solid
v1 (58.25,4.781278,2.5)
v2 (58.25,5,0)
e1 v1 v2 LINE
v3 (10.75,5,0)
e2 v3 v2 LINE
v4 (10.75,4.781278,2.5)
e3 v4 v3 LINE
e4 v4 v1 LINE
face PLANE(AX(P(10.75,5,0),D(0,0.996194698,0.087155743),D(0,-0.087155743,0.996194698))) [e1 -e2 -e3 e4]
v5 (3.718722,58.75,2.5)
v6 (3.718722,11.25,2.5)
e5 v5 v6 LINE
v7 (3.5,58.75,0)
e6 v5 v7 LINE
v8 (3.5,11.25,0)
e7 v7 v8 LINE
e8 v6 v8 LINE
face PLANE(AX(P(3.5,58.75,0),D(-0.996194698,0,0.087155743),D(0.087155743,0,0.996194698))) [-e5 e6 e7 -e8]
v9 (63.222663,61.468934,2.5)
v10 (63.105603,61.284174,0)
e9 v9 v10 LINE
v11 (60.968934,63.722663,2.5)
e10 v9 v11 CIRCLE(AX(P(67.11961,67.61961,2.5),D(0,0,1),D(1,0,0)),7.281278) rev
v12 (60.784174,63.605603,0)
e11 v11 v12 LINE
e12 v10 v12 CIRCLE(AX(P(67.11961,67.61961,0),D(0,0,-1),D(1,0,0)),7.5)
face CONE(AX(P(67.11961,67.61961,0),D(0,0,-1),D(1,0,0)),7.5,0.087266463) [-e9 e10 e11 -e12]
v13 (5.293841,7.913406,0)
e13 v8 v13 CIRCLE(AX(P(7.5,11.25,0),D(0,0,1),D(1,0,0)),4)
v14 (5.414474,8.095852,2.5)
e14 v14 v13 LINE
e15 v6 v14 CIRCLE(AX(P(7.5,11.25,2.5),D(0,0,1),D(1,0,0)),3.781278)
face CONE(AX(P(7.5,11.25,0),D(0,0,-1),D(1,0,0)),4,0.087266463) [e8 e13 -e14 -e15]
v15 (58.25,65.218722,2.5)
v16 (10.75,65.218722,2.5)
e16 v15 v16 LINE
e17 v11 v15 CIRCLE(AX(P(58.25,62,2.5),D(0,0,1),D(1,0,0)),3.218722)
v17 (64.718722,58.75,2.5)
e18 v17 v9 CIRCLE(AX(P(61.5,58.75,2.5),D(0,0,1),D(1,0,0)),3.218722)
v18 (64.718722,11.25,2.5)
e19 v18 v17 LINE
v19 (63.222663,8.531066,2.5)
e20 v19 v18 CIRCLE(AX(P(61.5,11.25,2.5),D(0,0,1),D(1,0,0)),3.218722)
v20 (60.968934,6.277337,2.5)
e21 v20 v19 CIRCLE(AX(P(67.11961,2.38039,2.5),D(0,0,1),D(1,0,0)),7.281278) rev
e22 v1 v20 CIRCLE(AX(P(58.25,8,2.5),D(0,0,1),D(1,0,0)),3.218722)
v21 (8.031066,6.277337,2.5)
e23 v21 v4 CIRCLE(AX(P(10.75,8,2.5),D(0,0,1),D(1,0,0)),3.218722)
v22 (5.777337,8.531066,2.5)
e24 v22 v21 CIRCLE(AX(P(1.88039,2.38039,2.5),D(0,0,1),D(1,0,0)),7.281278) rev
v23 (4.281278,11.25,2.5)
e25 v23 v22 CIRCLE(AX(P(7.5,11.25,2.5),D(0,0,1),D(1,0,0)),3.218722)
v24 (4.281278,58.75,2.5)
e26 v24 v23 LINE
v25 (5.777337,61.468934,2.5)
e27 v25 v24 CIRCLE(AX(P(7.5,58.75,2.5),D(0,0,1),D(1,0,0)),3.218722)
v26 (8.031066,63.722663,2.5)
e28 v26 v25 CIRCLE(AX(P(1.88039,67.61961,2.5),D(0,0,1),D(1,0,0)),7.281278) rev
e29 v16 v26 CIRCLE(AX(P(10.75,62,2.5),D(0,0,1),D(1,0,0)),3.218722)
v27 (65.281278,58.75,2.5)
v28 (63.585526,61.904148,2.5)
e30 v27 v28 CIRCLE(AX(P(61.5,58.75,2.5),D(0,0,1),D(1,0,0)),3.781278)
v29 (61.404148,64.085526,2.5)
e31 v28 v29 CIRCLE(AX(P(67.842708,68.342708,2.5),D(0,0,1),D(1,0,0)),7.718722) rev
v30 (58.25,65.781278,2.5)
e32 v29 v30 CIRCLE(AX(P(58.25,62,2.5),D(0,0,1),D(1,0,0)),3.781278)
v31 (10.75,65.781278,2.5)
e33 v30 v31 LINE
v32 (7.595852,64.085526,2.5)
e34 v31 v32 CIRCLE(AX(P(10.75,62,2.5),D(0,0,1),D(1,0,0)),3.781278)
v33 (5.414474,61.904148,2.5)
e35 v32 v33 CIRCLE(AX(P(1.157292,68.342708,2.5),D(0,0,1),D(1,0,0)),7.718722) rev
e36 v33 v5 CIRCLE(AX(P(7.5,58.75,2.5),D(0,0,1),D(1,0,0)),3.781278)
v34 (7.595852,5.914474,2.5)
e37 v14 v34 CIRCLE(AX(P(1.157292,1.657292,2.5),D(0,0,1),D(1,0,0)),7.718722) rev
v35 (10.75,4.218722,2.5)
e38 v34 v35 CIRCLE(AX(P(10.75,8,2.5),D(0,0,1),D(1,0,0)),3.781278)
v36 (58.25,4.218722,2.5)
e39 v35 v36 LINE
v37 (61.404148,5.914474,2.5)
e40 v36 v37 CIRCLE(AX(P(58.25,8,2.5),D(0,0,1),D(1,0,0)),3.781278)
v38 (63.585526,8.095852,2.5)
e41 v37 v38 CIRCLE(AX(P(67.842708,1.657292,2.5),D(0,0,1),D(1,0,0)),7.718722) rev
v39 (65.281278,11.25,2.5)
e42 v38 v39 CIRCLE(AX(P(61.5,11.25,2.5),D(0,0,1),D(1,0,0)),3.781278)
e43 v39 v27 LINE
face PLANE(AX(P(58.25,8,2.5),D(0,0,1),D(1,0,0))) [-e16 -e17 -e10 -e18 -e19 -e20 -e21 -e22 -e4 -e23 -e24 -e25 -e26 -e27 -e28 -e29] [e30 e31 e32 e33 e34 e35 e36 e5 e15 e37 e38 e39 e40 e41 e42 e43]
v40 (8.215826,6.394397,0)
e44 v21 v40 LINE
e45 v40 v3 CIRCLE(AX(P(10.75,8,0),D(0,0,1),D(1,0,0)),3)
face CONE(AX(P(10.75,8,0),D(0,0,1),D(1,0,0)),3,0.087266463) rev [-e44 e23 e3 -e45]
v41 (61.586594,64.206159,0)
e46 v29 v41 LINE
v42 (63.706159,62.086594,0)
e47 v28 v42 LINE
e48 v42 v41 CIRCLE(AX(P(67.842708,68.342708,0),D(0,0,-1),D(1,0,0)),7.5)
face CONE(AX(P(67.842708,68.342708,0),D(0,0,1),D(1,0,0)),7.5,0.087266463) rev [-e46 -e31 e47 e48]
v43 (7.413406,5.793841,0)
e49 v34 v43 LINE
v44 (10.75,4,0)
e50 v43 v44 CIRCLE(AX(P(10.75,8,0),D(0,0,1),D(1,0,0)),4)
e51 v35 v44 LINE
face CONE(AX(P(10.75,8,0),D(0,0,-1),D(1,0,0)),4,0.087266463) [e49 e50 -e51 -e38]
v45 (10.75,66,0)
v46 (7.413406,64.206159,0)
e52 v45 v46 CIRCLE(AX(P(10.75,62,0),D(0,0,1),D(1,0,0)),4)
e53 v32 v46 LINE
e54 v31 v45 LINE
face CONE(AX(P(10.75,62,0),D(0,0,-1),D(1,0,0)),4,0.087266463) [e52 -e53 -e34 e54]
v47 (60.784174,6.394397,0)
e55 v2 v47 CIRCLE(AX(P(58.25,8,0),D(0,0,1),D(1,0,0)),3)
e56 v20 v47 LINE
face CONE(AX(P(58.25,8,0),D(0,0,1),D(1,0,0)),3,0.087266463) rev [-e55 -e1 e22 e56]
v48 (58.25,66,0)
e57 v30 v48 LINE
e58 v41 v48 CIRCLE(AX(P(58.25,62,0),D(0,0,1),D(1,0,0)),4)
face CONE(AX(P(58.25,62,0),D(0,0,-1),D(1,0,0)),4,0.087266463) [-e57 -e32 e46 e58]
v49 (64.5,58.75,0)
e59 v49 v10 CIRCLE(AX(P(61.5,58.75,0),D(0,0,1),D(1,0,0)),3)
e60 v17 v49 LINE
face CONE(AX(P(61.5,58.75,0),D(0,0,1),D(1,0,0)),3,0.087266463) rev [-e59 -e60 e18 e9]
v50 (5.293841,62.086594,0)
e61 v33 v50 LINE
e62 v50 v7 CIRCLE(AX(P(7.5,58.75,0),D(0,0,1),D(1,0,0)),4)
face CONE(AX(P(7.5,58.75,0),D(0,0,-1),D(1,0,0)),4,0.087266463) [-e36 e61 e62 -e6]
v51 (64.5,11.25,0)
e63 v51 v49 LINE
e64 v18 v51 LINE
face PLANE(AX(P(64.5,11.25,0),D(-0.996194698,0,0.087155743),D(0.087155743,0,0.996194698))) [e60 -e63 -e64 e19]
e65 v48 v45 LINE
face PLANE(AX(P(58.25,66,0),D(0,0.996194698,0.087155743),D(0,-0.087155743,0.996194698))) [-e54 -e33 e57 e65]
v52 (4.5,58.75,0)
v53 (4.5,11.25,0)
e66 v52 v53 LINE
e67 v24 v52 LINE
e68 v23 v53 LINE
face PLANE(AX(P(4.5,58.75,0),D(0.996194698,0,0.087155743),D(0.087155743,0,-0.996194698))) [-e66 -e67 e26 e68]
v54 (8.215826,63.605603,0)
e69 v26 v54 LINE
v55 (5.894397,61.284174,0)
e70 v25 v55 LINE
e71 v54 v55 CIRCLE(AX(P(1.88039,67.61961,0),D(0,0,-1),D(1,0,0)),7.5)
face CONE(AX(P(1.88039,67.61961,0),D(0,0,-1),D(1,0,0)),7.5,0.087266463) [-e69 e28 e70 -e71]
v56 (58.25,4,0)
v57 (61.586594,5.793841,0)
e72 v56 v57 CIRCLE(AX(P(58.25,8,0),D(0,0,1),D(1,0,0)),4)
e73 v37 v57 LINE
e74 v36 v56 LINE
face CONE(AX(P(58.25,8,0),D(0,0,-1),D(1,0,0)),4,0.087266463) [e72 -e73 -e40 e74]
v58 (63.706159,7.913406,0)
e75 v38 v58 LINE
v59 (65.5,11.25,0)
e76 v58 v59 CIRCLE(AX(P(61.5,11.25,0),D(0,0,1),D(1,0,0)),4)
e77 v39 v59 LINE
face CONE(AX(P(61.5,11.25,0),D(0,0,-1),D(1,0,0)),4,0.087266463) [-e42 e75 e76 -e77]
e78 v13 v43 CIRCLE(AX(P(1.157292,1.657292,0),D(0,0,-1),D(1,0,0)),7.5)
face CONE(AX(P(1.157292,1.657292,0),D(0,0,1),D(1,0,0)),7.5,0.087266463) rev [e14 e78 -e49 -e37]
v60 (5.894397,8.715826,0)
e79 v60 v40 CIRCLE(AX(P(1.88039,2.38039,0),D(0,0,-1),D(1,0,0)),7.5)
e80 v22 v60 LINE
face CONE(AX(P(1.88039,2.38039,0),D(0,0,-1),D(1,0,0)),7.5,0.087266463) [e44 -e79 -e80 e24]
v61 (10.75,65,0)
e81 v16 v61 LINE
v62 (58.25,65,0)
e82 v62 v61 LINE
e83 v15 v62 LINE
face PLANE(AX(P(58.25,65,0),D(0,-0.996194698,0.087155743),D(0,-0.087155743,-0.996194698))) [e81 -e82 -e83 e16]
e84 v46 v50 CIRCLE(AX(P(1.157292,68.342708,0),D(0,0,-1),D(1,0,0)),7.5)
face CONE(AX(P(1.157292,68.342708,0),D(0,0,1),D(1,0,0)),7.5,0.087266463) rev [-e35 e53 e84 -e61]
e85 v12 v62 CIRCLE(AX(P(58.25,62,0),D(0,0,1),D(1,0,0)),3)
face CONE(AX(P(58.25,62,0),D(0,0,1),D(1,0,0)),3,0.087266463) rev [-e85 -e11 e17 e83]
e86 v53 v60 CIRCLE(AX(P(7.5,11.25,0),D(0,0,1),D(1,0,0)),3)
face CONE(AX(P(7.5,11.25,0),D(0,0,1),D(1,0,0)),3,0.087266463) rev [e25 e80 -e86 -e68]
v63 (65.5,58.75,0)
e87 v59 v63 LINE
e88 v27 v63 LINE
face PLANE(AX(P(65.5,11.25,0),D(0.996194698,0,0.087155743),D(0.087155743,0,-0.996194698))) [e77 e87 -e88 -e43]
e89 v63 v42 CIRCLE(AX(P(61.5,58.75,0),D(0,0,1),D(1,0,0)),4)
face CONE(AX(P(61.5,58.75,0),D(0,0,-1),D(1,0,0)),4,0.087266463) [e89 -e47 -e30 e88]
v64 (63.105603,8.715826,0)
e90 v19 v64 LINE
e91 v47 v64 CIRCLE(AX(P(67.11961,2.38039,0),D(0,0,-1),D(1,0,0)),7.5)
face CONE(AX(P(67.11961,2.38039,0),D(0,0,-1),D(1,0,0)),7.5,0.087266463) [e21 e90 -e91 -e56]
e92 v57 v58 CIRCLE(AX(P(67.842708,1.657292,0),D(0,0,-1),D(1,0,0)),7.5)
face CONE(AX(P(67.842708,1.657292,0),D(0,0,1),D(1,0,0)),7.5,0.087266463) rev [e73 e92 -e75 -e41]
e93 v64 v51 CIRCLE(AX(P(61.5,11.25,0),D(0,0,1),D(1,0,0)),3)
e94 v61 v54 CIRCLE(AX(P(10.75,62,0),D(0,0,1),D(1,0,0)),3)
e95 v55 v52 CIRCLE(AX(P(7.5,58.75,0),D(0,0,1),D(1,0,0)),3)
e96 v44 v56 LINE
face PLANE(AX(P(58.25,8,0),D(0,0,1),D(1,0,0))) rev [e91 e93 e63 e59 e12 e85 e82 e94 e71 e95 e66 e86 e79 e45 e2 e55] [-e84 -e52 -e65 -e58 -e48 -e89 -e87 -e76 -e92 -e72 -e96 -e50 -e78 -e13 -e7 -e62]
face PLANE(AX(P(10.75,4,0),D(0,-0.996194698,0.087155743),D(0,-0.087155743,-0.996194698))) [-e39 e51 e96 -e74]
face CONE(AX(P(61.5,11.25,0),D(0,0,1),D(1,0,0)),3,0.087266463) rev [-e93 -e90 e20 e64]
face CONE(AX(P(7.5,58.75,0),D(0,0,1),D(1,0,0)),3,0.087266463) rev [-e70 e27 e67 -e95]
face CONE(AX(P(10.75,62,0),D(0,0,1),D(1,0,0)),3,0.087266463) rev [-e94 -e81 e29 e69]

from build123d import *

# Parameters (mm, degrees)
BOSS_EXTRUDE1_DEPTH = 2.5
BOSS_EXTRUDE1_DRAFT = 5


with BuildPart() as part:
    # Sketch1 → Boss-Extrude1 (with draft: the straight prism first)
    with BuildSketch(Plane.XY):
        with BuildLine():
            Line((65.5, 11.25), (65.5, 58.75))
            ThreePointArc((65.5, 58.75), (65.023112089, 60.644117527), (63.706159397, 62.086594179))
            ThreePointArc((63.706159397, 62.086594179), (62.539407406, 63.039407406), (61.586594179, 64.206159397))
            ThreePointArc((61.586594179, 64.206159397), (60.144117527, 65.523112089), (58.25, 66))
            Line((58.25, 66), (10.75, 66))
            ThreePointArc((10.75, 66), (8.855882473, 65.523112089), (7.413405821, 64.206159397))
            ThreePointArc((7.413405821, 64.206159397), (6.460592594, 63.039407406), (5.293840603, 62.086594179))
            ThreePointArc((5.293840603, 62.086594179), (3.976887911, 60.644117527), (3.5, 58.75))
            Line((3.5, 58.75), (3.5, 11.25))
            ThreePointArc((3.5, 11.25), (3.976887911, 9.355882473), (5.293840603, 7.913405821))
            ThreePointArc((5.293840603, 7.913405821), (6.460592594, 6.960592594), (7.413405821, 5.793840603))
            ThreePointArc((7.413405821, 5.793840603), (8.855882473, 4.476887911), (10.75, 4))
            Line((10.75, 4), (58.25, 4))
            ThreePointArc((58.25, 4), (60.144117527, 4.476887911), (61.586594179, 5.793840603))
            ThreePointArc((61.586594179, 5.793840603), (62.539407406, 6.960592594), (63.706159397, 7.913405821))
            ThreePointArc((63.706159397, 7.913405821), (65.023112089, 9.355882473), (65.5, 11.25))
        make_face()
        with BuildLine():
            Line((64.5, 11.25), (64.5, 58.75))
            ThreePointArc((64.5, 58.75), (64.128384354, 60.196235004), (63.105602876, 61.284174304))
            ThreePointArc((63.105602876, 61.284174304), (61.816309207, 62.316309207), (60.784174304, 63.605602876))
            ThreePointArc((60.784174304, 63.605602876), (59.696235004, 64.628384354), (58.25, 65))
            Line((58.25, 65), (10.75, 65))
            ThreePointArc((10.75, 65), (9.303764996, 64.628384354), (8.215825696, 63.605602876))
            ThreePointArc((8.215825696, 63.605602876), (7.183690793, 62.316309207), (5.894397124, 61.284174304))
            ThreePointArc((5.894397124, 61.284174304), (4.871615646, 60.196235004), (4.5, 58.75))
            Line((4.5, 58.75), (4.5, 11.25))
            ThreePointArc((4.5, 11.25), (4.871615646, 9.803764996), (5.894397124, 8.715825696))
            ThreePointArc((5.894397124, 8.715825696), (7.183690793, 7.683690793), (8.215825696, 6.394397124))
            ThreePointArc((8.215825696, 6.394397124), (9.303764996, 5.371615646), (10.75, 5))
            Line((10.75, 5), (58.25, 5))
            ThreePointArc((58.25, 5), (59.696235004, 5.371615646), (60.784174304, 6.394397124))
            ThreePointArc((60.784174304, 6.394397124), (61.816309207, 7.683690793), (63.105602876, 8.715825696))
            ThreePointArc((63.105602876, 8.715825696), (64.128384354, 9.803764996), (64.5, 11.25))
        make_face(mode=Mode.SUBTRACT)
    extrude(amount=BOSS_EXTRUDE1_DEPTH)
    # Boss-Extrude1: the draft: its side faces are tilted about the plane it starts from
    boss_extrude1_sides = [part.faces().sort_by_distance(p)[0] for p in [
        (65.023112089, 9.355882473, 1.25),
        (65.5, 35, 1.25),
        (65.023112089, 60.644117527, 1.25),
        (62.539407406, 63.039407406, 1.25),
        (60.144117527, 65.523112089, 1.25),
        (34.5, 66, 1.25),
        (8.855882473, 65.523112089, 1.25),
        (6.460592594, 63.039407406, 1.25),
        (3.976887911, 60.644117527, 1.25),
        (3.5, 35, 1.25),
        (3.976887911, 9.355882473, 1.25),
        (6.460592594, 6.960592594, 1.25),
        (8.855882473, 4.476887911, 1.25),
        (34.5, 4, 1.25),
        (60.144117527, 4.476887911, 1.25),
        (62.539407406, 6.960592594, 1.25),
        (7.183690793, 7.683690793, 1.25),
        (4.871615646, 9.803764996, 1.25),
        (4.5, 35, 1.25),
        (4.871615646, 60.196235004, 1.25),
        (7.183690793, 62.316309207, 1.25),
        (9.303764996, 64.628384354, 1.25),
        (34.5, 65, 1.25),
        (59.696235004, 64.628384354, 1.25),
        (61.816309207, 62.316309207, 1.25),
        (64.128384354, 60.196235004, 1.25),
        (64.5, 35, 1.25),
        (64.128384354, 9.803764996, 1.25),
        (61.816309207, 7.683690793, 1.25),
        (59.696235004, 5.371615646, 1.25),
        (34.5, 5, 1.25),
        (9.303764996, 5.371615646, 1.25),
    ]]
    draft(boss_extrude1_sides, Plane.XY, BOSS_EXTRUDE1_DRAFT)


solid = part.part
